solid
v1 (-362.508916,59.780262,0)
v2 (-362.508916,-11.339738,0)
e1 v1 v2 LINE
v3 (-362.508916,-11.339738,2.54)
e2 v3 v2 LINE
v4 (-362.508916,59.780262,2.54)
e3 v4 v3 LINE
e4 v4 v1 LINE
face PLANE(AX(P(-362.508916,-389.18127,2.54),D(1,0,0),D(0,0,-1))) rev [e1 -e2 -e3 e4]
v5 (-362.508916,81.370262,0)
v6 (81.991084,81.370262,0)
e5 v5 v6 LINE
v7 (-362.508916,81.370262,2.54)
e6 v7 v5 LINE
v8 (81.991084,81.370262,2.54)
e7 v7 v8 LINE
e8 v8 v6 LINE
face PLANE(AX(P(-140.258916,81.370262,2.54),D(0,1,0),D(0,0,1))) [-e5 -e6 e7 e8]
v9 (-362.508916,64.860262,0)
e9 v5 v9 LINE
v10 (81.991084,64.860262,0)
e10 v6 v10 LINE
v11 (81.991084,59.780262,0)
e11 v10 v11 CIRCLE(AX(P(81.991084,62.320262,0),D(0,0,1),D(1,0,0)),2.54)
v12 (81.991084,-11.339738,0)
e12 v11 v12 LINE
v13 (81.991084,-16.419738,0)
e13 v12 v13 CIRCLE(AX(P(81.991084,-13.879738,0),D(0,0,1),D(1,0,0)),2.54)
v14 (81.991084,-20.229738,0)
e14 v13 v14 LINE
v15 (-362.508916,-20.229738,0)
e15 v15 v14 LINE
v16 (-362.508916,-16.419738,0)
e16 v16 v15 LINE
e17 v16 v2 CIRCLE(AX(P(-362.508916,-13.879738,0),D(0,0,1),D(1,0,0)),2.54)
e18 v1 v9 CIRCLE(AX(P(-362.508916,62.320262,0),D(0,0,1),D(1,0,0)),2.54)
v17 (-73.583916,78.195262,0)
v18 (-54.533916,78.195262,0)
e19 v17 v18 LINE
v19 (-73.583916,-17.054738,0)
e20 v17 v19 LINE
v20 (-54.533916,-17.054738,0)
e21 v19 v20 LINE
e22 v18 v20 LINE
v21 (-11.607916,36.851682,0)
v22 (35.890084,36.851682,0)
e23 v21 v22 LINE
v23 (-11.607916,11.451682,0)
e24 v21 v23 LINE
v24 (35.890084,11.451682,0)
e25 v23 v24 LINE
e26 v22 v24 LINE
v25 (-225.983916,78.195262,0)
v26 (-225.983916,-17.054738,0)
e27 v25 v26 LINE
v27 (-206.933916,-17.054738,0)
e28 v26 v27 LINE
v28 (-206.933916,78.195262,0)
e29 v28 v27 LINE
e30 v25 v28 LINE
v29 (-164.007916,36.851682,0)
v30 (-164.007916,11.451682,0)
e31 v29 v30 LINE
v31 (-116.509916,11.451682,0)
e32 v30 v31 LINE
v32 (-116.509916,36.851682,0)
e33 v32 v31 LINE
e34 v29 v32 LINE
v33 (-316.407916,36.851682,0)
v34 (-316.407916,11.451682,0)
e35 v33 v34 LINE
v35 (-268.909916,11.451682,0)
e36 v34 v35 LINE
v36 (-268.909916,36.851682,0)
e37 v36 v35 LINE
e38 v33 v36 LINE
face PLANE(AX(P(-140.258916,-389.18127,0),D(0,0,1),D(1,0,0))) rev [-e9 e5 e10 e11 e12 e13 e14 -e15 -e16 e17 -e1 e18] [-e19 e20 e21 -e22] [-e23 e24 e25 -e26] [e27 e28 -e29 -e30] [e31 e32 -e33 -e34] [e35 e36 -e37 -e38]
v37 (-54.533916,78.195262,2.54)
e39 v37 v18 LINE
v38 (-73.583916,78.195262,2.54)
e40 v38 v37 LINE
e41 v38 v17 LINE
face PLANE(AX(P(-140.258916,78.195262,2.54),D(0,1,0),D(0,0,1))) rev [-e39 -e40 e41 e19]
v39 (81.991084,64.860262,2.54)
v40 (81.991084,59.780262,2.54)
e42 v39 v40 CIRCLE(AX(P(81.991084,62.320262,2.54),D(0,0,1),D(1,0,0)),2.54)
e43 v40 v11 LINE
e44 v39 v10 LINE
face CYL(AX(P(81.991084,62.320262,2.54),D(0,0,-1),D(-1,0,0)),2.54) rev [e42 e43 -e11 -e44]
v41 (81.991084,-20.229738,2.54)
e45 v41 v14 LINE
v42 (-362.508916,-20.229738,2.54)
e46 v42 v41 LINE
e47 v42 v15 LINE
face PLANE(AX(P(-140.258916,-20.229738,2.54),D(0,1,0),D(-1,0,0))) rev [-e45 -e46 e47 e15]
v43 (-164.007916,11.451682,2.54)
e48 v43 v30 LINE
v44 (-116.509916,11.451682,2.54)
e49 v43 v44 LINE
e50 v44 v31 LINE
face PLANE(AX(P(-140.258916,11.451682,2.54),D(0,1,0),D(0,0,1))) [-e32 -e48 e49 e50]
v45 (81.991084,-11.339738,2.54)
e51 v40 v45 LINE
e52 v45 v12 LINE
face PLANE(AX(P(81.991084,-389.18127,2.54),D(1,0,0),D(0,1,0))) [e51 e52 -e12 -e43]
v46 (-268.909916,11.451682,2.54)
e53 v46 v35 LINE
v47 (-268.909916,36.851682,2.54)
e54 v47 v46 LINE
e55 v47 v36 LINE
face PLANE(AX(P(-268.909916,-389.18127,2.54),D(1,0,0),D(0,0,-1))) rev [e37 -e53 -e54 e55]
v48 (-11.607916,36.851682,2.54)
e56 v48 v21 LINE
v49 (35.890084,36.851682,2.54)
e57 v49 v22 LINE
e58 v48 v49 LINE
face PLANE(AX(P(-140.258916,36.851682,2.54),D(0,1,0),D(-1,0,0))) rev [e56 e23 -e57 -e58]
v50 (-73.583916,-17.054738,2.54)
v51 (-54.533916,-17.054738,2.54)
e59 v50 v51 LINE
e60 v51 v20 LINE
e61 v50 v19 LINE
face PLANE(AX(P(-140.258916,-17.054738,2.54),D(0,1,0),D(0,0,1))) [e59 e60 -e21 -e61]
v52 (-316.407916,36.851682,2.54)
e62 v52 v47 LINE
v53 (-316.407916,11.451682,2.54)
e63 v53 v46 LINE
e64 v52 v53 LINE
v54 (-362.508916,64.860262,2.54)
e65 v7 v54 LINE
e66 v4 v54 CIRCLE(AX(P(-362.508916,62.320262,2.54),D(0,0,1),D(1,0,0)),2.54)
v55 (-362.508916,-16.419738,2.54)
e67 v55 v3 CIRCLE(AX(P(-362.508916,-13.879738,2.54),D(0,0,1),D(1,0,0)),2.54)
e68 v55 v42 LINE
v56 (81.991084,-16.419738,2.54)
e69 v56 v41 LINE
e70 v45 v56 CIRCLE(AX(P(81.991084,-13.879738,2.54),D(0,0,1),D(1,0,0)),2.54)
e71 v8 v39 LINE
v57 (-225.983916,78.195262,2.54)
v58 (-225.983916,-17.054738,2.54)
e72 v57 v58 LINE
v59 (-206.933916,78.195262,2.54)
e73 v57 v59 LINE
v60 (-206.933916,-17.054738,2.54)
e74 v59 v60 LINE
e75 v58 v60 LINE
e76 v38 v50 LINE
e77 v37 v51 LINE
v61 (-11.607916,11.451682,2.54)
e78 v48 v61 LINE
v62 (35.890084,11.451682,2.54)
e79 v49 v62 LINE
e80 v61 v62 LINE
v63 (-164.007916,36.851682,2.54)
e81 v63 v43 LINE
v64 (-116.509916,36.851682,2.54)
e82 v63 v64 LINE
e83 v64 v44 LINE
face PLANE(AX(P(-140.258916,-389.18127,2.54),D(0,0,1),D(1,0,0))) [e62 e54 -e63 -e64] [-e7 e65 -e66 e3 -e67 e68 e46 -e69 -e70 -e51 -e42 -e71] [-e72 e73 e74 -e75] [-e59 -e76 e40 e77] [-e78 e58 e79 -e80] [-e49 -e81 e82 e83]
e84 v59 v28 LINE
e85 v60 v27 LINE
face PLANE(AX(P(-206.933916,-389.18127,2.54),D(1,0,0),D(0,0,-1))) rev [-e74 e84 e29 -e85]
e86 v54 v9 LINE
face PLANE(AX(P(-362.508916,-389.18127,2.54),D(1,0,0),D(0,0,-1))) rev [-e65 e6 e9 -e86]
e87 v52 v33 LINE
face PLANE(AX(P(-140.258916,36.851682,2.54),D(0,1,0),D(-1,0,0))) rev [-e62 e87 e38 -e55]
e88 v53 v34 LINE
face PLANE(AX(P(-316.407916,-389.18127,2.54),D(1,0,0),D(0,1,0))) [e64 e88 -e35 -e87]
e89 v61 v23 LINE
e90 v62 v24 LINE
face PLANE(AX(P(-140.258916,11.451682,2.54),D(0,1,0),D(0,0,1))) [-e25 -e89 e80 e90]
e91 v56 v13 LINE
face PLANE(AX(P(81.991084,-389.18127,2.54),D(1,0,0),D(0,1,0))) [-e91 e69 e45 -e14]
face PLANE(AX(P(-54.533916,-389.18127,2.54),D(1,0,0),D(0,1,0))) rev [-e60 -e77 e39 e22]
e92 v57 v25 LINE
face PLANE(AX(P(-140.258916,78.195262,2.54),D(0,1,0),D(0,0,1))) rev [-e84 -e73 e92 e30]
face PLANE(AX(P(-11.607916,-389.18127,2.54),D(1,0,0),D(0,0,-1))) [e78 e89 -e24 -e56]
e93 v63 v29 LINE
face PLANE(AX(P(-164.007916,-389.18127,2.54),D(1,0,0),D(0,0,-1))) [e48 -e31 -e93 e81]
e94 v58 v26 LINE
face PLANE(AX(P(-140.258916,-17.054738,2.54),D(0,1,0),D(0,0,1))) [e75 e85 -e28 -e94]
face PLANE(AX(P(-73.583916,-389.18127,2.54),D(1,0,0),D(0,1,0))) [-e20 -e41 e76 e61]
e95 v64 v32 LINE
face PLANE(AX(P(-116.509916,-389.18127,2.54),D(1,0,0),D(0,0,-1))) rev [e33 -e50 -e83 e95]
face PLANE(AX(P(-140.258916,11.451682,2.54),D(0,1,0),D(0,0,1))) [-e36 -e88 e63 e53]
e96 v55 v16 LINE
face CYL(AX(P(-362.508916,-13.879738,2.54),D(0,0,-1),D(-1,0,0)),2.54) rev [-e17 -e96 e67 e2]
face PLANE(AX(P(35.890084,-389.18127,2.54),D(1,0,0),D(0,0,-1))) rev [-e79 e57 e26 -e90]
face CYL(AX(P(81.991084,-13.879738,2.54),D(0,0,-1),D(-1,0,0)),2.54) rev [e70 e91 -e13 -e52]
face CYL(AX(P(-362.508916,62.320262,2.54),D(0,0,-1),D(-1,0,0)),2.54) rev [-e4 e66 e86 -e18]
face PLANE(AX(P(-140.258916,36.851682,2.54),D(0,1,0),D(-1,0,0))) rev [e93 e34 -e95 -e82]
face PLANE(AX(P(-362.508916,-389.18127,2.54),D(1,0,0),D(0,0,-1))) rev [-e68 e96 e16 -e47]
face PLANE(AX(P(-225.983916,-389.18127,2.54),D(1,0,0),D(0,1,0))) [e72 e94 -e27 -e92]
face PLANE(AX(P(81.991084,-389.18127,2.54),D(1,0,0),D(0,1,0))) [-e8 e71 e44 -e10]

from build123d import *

# Parameters (mm, degrees)
SKETCH1_W           = 19.05
SKETCH1_H           = 95.25
BOSS_EXTRUDE2_DEPTH = 2.54


with BuildPart() as part:
    # Sketch1 → Boss-Extrude2 (new body)
    with BuildSketch(Plane.XY):
        with BuildLine():
            Line((-362.508916396, 81.370262461), (-362.508916396, 64.860262461))
            ThreePointArc((-362.508916396, 64.860262461), (-359.968916396, 62.320262461), (-362.508916396, 59.780262461))
            Line((-362.508916396, 59.780262461), (-362.508916396, -11.339737539))
            ThreePointArc((-362.508916396, -11.339737539), (-359.968916396, -13.879737539), (-362.508916396, -16.419737539))
            Line((-362.508916396, -16.419737539), (-362.508916396, -20.229737539))
            Line((-362.508916396, -20.229737539), (81.991083604, -20.229737539))
            Line((81.991083604, -20.229737539), (81.991083604, -16.419737539))
            ThreePointArc((81.991083604, -16.419737539), (79.451083604, -13.879737539), (81.991083604, -11.339737539))
            Line((81.991083604, -11.339737539), (81.991083604, 59.780262461))
            ThreePointArc((81.991083604, 59.780262461), (79.451083604, 62.320262461), (81.991083604, 64.860262461))
            Line((81.991083604, 64.860262461), (81.991083604, 81.370262461))
            Line((81.991083604, 81.370262461), (-362.508916396, 81.370262461))
        make_face()
        with Locations((-64.058916396, 30.570262461)):
            Rectangle(SKETCH1_W, SKETCH1_H, mode=Mode.SUBTRACT)
        Polygon((-316.407916396, 11.451682461), (-316.407916396, 36.851682461), (-292.658916396, 36.851682461), (-268.909916396, 36.851682461), (-268.909916396, 11.451682461), (-292.658916396, 11.451682461), align=None, mode=Mode.SUBTRACT)
        Polygon((-164.007916396, 11.451682461), (-164.007916396, 36.851682461), (-140.258916396, 36.851682461), (-116.509916396, 36.851682461), (-116.509916396, 11.451682461), (-140.258916396, 11.451682461), align=None, mode=Mode.SUBTRACT)
        with Locations((-216.458916396, 30.570262461)):
            Rectangle(SKETCH1_W, SKETCH1_H, mode=Mode.SUBTRACT)
        Polygon((-11.607916396, 11.451682461), (-11.607916396, 36.851682461), (12.141083604, 36.851682461), (35.890083604, 36.851682461), (35.890083604, 11.451682461), (12.141083604, 11.451682461), align=None, mode=Mode.SUBTRACT)
    extrude(amount=BOSS_EXTRUDE2_DEPTH)


solid = part.part
